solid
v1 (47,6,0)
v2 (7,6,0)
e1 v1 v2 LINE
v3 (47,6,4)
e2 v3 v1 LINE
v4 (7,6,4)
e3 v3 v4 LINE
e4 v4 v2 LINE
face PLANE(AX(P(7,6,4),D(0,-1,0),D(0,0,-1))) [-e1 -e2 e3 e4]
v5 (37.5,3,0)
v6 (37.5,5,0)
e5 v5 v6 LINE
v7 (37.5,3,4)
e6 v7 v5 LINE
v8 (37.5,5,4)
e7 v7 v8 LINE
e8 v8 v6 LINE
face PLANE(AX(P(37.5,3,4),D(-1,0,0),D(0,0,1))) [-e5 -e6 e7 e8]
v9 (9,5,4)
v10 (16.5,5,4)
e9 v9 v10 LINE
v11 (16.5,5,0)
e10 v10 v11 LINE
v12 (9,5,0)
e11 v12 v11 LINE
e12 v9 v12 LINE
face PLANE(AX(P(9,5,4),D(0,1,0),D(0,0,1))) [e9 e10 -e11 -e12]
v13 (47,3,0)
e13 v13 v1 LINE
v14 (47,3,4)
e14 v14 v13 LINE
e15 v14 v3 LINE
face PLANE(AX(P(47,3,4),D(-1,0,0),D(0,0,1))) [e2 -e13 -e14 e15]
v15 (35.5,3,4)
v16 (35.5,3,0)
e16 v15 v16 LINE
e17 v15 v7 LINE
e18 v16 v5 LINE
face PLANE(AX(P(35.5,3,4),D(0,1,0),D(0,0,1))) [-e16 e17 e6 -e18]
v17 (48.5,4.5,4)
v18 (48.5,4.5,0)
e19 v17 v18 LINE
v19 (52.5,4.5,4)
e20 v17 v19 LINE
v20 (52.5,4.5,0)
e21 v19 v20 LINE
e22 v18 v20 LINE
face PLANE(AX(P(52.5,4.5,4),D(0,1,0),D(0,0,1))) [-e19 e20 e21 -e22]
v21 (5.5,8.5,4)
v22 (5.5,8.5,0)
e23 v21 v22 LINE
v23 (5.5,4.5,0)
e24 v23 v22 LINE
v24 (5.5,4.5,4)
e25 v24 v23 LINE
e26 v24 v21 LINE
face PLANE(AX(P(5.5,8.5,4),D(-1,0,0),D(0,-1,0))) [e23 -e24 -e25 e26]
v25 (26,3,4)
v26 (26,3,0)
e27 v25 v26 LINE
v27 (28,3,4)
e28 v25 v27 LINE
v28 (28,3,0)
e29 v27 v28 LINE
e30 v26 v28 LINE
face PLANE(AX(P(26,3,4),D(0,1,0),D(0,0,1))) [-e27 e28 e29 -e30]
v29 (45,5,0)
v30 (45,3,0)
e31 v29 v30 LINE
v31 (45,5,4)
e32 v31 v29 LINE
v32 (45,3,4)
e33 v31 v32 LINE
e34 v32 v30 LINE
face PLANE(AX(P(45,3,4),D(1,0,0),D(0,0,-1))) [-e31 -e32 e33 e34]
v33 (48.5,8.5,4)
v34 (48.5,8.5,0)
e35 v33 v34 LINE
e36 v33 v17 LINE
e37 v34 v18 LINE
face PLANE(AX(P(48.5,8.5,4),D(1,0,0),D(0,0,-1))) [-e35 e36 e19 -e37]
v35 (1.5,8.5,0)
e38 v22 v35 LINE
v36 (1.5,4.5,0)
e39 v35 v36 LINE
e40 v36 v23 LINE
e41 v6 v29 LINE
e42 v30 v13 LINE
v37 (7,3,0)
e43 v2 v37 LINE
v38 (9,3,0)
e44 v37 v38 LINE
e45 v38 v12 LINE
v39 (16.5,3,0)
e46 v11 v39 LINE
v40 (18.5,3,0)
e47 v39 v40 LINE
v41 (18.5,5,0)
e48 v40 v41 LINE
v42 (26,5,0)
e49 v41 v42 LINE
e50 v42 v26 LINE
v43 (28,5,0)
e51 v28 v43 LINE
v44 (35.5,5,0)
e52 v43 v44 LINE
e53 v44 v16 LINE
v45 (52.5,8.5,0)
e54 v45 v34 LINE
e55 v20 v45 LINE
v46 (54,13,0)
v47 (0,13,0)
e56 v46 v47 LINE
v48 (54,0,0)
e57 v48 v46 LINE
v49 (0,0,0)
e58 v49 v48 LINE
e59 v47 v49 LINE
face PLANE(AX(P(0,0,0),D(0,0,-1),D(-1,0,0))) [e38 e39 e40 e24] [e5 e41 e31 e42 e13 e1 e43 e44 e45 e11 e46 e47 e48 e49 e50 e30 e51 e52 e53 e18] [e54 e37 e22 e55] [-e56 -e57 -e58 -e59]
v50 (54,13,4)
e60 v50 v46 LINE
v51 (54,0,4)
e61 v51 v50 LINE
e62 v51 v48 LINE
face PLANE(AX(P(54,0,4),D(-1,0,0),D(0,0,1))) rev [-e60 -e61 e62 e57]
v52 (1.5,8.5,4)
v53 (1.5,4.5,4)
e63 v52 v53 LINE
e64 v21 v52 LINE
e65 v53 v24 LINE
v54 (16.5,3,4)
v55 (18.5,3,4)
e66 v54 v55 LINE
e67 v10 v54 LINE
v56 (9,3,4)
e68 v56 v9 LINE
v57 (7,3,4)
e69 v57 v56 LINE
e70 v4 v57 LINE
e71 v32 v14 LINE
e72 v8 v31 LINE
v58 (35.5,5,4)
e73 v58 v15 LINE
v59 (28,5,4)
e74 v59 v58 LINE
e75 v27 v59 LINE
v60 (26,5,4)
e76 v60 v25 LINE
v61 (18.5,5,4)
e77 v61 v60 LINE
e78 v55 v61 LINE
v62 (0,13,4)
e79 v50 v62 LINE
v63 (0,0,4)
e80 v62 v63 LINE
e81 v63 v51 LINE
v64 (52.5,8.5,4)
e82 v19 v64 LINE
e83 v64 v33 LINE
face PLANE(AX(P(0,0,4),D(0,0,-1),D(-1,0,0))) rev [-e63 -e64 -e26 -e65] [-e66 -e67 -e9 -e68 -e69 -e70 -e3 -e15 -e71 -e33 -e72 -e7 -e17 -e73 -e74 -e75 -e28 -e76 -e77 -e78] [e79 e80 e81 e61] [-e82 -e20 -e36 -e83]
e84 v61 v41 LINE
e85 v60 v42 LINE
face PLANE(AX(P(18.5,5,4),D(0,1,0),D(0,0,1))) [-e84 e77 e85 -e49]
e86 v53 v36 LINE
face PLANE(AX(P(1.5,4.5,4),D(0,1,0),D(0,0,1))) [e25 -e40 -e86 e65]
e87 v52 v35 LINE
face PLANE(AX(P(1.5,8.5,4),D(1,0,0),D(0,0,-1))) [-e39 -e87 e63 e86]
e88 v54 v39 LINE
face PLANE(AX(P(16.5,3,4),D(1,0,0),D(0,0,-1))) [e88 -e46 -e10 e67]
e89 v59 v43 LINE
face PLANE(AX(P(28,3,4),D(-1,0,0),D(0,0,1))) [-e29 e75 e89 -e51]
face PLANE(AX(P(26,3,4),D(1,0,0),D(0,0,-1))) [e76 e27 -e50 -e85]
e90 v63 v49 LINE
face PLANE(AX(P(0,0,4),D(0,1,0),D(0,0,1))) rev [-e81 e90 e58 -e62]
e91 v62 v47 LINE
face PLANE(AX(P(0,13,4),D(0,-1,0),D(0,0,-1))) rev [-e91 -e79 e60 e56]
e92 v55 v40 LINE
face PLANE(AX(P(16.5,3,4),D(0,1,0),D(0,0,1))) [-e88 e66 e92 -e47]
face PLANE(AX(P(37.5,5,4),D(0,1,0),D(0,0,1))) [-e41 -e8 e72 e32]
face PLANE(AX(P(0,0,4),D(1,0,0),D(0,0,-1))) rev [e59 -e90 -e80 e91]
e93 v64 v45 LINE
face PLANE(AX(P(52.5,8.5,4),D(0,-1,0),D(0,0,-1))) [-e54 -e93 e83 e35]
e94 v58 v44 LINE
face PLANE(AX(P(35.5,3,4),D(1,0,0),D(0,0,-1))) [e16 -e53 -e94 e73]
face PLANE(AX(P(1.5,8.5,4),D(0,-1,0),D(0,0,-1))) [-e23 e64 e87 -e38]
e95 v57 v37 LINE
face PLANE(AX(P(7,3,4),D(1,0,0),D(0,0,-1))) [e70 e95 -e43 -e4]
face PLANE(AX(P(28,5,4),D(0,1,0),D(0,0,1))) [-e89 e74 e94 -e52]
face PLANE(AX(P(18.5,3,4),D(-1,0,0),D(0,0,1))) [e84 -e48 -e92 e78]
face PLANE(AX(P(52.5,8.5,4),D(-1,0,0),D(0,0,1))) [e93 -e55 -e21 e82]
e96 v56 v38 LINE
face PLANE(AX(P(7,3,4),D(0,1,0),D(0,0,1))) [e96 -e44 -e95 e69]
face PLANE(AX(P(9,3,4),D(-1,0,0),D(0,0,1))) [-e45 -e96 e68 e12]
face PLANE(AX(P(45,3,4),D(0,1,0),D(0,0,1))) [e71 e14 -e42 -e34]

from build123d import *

# Parameters (mm, degrees)
SKETCH1_W           = 54
SKETCH1_H           = 13
SKETCH1_W_2         = 4
SKETCH1_H_2         = 4
BOSS_EXTRUDE1_DEPTH = 4


with BuildPart() as part:
    # Sketch1 → Boss-Extrude1 (new body)
    with BuildSketch(Plane.XY):
        with Locations((27, 6.5)):
            Rectangle(SKETCH1_W, SKETCH1_H)
        Polygon((7, 3), (7, 6), (47, 6), (47, 3), (45, 3), (45, 5), (37.5, 5), (37.5, 3), (35.5, 3), (35.5, 5), (28, 5), (28, 3), (26, 3), (26, 5), (18.5, 5), (18.5, 3), (16.5, 3), (16.5, 5), (9, 5), (9, 3), align=None, mode=Mode.SUBTRACT)
        with Locations((50.5, 6.5)):
            Rectangle(SKETCH1_W_2, SKETCH1_H_2, mode=Mode.SUBTRACT)
        with Locations((3.5, 6.5)):
            Rectangle(SKETCH1_W_2, SKETCH1_H_2, mode=Mode.SUBTRACT)
    extrude(amount=BOSS_EXTRUDE1_DEPTH)


solid = part.part
